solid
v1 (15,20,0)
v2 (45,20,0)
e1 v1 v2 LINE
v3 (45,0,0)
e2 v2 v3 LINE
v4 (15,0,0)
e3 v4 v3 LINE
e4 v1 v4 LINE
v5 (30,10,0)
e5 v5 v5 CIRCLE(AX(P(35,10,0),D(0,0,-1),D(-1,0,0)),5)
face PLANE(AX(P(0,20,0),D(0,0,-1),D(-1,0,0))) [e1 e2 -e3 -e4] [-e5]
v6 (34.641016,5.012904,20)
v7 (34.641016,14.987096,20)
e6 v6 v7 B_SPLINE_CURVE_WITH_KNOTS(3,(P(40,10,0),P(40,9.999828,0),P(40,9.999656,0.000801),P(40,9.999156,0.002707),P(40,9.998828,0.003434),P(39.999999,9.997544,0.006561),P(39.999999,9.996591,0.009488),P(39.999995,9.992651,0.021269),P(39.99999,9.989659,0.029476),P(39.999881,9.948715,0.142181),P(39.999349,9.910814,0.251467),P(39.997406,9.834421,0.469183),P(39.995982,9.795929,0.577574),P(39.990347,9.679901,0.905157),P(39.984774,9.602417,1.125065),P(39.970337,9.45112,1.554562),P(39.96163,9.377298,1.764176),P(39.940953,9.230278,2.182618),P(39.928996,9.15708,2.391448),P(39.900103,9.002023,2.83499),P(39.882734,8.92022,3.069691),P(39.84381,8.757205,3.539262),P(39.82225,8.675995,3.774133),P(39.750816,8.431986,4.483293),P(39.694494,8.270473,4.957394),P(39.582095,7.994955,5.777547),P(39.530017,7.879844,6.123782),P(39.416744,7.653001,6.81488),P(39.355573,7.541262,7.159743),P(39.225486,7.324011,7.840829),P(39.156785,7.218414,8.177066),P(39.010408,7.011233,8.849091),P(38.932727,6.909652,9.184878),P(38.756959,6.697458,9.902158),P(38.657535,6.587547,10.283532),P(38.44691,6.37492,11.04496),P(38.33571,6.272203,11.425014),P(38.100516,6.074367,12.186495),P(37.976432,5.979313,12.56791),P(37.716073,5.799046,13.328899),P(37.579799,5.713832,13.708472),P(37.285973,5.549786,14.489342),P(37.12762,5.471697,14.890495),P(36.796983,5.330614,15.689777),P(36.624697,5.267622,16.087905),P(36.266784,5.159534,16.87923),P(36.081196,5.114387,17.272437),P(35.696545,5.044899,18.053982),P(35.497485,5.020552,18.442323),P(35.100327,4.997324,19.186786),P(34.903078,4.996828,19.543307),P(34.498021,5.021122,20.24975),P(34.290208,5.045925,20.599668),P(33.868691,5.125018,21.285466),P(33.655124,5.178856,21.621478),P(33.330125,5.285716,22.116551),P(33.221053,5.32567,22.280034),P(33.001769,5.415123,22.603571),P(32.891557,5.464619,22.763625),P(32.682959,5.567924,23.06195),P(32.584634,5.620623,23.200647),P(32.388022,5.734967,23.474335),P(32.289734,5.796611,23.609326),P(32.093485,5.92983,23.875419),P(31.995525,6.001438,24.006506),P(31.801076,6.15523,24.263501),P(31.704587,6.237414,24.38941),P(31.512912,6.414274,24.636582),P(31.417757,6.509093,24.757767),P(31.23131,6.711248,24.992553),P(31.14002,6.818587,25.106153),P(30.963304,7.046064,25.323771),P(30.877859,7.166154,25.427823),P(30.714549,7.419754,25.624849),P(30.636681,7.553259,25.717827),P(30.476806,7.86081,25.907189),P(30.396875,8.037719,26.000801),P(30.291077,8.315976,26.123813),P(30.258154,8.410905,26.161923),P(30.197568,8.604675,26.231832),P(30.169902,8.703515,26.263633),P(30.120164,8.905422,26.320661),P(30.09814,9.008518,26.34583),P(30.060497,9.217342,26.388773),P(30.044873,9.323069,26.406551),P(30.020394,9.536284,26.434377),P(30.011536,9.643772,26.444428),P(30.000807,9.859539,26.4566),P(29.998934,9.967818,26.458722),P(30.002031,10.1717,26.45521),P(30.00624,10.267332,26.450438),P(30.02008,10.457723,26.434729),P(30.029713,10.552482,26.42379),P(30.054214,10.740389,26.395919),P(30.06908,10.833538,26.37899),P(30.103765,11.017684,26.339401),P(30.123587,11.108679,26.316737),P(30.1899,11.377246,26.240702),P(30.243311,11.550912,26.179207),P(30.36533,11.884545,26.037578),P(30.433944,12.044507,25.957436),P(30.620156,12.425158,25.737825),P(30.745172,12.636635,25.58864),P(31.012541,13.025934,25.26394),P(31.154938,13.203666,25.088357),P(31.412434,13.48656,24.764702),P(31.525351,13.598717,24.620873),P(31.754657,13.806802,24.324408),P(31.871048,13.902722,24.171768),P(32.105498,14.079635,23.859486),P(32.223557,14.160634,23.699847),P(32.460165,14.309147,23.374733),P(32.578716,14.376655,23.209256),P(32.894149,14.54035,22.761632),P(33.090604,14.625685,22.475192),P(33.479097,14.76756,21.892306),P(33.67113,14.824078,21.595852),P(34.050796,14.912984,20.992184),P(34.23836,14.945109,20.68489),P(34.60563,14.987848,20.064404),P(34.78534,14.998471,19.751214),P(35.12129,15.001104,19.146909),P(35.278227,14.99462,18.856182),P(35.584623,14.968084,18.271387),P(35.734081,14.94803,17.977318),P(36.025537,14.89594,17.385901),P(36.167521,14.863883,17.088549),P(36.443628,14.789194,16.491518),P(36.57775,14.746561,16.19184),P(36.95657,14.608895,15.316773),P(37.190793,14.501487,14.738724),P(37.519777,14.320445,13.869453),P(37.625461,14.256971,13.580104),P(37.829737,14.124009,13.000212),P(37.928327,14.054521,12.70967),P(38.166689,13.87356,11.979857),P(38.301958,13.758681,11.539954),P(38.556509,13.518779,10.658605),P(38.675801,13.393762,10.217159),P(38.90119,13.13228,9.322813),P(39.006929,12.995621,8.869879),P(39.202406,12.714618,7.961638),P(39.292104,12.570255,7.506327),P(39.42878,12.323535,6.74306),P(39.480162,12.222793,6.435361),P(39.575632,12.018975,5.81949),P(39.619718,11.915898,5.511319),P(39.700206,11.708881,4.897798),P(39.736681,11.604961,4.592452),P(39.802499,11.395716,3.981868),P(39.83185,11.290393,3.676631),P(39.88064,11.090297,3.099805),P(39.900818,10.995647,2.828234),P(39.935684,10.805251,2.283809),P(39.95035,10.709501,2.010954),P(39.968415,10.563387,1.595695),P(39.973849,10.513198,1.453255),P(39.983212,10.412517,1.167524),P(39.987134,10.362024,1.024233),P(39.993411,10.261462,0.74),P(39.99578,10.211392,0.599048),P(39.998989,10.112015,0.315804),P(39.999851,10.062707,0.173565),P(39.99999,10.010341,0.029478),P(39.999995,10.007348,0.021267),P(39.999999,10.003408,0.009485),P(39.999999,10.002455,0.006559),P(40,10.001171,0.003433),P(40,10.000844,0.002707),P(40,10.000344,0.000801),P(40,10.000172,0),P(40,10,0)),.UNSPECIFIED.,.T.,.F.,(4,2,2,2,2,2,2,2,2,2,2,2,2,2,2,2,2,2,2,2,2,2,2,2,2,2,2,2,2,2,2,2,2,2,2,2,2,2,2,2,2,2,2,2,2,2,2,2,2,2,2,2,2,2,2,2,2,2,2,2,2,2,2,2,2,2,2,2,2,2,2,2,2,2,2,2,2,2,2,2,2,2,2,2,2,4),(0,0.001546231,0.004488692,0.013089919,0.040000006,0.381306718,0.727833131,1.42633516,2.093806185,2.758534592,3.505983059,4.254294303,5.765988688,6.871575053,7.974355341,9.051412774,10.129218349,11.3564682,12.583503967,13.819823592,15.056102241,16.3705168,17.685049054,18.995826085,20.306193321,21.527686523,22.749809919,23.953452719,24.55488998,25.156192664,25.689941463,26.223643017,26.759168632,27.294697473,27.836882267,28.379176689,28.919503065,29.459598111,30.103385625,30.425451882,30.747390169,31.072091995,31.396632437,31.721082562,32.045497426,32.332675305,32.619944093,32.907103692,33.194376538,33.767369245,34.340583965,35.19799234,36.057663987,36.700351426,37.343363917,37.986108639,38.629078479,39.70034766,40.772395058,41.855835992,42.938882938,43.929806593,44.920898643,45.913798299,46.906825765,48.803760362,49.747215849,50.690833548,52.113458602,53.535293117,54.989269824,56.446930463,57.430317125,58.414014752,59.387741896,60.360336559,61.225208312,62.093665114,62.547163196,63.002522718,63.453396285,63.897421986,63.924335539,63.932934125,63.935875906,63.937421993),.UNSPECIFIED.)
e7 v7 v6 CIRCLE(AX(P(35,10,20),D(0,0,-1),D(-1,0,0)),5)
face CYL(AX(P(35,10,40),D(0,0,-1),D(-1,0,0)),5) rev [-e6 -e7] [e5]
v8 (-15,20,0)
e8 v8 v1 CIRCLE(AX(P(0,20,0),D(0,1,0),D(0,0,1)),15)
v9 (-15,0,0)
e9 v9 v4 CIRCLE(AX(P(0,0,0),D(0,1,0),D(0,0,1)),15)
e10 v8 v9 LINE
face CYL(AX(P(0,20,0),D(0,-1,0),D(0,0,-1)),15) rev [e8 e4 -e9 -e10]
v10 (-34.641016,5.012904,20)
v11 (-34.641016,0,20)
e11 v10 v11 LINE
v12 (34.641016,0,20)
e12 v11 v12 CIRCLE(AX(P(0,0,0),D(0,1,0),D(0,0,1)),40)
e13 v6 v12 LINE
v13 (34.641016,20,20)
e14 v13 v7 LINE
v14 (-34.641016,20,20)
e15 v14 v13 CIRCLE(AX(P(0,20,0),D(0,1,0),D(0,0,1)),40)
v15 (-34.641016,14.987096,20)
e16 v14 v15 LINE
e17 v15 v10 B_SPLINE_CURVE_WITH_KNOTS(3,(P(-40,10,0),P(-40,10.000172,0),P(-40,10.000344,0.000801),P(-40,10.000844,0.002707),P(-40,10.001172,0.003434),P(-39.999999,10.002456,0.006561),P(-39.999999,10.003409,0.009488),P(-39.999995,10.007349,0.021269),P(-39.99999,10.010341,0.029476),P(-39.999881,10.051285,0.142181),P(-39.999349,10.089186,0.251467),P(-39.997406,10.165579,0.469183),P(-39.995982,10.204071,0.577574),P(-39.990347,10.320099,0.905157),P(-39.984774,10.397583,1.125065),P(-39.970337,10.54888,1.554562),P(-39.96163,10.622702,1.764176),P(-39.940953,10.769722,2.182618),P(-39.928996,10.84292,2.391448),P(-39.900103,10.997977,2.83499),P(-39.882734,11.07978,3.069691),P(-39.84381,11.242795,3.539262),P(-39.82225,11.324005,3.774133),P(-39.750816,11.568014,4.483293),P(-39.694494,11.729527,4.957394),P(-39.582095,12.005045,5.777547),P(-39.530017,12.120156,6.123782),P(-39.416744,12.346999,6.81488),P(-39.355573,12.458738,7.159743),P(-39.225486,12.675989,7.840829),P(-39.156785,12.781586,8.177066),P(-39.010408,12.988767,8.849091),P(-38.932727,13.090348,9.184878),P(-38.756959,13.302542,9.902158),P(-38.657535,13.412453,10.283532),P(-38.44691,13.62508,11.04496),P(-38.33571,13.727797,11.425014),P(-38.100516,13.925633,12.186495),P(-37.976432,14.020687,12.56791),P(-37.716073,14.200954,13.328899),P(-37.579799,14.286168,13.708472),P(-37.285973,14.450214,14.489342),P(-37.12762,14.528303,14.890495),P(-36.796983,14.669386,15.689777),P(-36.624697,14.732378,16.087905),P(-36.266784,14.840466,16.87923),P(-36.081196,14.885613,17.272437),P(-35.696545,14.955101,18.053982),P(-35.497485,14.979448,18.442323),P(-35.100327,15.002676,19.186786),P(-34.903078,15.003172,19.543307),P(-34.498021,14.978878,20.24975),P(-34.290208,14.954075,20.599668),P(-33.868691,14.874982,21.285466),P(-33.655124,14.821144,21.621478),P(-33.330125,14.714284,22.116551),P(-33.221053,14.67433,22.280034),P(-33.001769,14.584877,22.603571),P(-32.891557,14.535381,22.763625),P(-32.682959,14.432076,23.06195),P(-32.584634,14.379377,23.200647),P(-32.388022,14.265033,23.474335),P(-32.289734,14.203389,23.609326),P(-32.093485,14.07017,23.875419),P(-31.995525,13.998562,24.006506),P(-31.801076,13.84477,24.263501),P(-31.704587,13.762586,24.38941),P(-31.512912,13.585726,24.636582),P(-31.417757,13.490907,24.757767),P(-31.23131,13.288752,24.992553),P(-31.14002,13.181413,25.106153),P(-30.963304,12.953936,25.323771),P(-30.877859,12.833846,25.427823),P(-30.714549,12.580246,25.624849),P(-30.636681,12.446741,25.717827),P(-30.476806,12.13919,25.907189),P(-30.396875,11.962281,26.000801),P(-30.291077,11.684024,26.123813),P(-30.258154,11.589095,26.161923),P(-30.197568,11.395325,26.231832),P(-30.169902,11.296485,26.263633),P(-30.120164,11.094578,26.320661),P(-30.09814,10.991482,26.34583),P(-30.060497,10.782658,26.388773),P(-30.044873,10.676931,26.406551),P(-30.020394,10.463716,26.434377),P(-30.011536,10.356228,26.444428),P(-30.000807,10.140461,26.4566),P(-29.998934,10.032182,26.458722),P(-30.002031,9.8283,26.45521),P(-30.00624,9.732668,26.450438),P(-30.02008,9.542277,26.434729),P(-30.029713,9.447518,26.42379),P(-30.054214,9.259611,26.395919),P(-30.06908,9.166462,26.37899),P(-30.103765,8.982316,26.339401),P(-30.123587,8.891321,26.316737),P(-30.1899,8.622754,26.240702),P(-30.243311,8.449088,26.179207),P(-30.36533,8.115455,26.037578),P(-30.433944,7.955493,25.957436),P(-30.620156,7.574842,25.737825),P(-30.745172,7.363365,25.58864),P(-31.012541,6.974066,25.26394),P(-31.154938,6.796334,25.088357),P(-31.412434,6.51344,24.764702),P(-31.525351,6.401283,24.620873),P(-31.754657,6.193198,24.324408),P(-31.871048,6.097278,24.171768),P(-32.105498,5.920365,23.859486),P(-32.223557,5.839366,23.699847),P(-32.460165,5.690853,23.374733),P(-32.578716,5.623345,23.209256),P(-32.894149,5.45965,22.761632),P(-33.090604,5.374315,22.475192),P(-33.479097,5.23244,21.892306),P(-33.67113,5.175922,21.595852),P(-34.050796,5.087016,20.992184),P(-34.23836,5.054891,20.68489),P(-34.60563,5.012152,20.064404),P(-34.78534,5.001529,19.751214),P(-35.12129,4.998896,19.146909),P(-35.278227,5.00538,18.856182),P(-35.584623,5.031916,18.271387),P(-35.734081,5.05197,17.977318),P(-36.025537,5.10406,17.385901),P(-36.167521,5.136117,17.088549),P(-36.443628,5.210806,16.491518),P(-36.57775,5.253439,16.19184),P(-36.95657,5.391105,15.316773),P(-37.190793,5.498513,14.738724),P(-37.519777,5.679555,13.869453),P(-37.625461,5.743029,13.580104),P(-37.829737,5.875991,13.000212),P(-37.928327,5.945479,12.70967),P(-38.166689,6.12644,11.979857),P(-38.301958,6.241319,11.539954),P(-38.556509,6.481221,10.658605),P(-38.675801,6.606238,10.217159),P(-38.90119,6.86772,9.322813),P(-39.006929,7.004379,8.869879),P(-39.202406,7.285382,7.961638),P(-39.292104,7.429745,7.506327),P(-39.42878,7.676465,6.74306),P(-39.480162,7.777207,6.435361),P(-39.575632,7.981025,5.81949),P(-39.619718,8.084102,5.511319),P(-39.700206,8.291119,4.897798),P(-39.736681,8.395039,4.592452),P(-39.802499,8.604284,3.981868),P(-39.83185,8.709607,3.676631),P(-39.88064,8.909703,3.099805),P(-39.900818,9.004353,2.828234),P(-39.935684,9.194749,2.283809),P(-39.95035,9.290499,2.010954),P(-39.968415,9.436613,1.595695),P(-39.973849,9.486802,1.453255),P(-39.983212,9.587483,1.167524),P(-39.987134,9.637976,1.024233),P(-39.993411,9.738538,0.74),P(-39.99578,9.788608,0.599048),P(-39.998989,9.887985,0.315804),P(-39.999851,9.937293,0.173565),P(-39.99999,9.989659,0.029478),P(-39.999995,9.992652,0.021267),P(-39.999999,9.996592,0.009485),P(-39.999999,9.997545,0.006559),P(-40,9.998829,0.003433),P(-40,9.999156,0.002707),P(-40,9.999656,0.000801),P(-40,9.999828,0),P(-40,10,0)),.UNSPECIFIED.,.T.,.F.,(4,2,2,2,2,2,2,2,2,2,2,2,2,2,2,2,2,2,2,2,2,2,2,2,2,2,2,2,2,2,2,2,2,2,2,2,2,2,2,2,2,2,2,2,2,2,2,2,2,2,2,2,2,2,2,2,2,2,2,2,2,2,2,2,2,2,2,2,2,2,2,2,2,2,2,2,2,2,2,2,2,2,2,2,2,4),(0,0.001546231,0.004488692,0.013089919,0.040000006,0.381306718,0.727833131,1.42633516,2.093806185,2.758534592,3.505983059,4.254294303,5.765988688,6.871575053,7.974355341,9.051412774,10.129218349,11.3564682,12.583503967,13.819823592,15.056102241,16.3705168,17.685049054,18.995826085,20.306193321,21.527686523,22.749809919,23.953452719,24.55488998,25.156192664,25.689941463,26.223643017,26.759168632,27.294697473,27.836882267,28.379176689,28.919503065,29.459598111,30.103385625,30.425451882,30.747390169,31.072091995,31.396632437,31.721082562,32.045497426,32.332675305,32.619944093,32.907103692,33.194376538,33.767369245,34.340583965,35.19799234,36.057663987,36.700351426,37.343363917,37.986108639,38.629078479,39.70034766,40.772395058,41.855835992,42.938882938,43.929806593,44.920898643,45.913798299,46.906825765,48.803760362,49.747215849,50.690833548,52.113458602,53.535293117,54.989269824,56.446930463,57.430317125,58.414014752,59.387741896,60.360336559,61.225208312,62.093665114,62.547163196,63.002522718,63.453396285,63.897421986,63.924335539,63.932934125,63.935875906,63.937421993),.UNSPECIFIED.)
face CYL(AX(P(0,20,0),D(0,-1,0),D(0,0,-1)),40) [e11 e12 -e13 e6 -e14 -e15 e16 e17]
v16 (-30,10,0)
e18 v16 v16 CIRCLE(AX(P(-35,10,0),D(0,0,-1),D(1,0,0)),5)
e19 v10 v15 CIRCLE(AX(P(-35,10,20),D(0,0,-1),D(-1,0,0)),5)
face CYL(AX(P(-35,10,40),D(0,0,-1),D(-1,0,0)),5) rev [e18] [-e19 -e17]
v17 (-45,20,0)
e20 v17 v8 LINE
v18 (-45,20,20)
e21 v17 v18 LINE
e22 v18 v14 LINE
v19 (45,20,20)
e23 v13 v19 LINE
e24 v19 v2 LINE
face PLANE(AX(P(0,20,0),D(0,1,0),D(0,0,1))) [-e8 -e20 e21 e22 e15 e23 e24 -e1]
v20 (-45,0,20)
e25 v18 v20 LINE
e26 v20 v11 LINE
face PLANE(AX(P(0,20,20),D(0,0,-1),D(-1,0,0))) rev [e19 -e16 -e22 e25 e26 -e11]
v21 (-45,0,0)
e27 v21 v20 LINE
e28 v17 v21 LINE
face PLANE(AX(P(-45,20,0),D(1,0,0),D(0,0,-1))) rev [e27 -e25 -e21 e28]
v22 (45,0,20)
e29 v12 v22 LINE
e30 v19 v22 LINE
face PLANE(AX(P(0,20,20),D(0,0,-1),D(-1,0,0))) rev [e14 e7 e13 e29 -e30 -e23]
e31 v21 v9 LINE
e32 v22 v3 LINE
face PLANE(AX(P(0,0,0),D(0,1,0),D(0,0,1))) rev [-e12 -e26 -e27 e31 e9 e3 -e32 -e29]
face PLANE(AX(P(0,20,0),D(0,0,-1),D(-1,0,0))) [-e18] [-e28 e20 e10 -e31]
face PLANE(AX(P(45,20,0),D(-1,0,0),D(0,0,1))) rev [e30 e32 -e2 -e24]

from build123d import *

# Parameters (mm, degrees)
BOSS_EXTRUDE1_DEPTH = 20
SKETCH2_R           = 5
CUT_EXTRUDE1_DEPTH  = 41


with BuildPart() as part:
    # Sketch1 → Boss-Extrude1 (new body)
    with BuildSketch(Plane(origin=(0, 0, 0), x_dir=(1, 0, 0), z_dir=(0, 1, 0))):
        with BuildLine():
            ThreePointArc((-34.641016151, -20), (-38.637033052, -10.352761804), (-40, 0))
            Line((-40, 0), (-45, 0))
            Line((-45, 0), (-45, -20))
            Line((-45, -20), (-34.641016151, -20))
        make_face()
        with BuildLine():
            Line((40, 0), (15, 0))
            ThreePointArc((15, 0), (0, -15), (-15, 0))
            Line((-15, 0), (-40, 0))
            ThreePointArc((-40, 0), (-38.637033052, -10.352761804), (-34.641016151, -20))
            Line((-34.641016151, -20), (34.641016151, -20))
            ThreePointArc((34.641016151, -20), (38.637033052, -10.352761804), (40, 0))
        make_face()
        with BuildLine():
            ThreePointArc((-34.641016151, -20), (0, -40), (34.641016151, -20))
            Line((34.641016151, -20), (-34.641016151, -20))
        make_face()
        with BuildLine():
            Line((45, 0), (40, 0))
            ThreePointArc((40, 0), (38.637033052, -10.352761804), (34.641016151, -20))
            Line((34.641016151, -20), (45, -20))
            Line((45, -20), (45, 0))
        make_face()
    extrude(amount=BOSS_EXTRUDE1_DEPTH)

    # Sketch2 → Cut-Extrude1 (cut, through all)
    with BuildSketch(Plane(origin=(0, 0, 0), x_dir=(-1, 0, 0), z_dir=(0, 0, -1))):
        with Locations((-35, 10)):
            Circle(SKETCH2_R)
        with Locations((35, 10)):
            Circle(SKETCH2_R)
    extrude(amount=-CUT_EXTRUDE1_DEPTH, mode=Mode.SUBTRACT)


solid = part.part
